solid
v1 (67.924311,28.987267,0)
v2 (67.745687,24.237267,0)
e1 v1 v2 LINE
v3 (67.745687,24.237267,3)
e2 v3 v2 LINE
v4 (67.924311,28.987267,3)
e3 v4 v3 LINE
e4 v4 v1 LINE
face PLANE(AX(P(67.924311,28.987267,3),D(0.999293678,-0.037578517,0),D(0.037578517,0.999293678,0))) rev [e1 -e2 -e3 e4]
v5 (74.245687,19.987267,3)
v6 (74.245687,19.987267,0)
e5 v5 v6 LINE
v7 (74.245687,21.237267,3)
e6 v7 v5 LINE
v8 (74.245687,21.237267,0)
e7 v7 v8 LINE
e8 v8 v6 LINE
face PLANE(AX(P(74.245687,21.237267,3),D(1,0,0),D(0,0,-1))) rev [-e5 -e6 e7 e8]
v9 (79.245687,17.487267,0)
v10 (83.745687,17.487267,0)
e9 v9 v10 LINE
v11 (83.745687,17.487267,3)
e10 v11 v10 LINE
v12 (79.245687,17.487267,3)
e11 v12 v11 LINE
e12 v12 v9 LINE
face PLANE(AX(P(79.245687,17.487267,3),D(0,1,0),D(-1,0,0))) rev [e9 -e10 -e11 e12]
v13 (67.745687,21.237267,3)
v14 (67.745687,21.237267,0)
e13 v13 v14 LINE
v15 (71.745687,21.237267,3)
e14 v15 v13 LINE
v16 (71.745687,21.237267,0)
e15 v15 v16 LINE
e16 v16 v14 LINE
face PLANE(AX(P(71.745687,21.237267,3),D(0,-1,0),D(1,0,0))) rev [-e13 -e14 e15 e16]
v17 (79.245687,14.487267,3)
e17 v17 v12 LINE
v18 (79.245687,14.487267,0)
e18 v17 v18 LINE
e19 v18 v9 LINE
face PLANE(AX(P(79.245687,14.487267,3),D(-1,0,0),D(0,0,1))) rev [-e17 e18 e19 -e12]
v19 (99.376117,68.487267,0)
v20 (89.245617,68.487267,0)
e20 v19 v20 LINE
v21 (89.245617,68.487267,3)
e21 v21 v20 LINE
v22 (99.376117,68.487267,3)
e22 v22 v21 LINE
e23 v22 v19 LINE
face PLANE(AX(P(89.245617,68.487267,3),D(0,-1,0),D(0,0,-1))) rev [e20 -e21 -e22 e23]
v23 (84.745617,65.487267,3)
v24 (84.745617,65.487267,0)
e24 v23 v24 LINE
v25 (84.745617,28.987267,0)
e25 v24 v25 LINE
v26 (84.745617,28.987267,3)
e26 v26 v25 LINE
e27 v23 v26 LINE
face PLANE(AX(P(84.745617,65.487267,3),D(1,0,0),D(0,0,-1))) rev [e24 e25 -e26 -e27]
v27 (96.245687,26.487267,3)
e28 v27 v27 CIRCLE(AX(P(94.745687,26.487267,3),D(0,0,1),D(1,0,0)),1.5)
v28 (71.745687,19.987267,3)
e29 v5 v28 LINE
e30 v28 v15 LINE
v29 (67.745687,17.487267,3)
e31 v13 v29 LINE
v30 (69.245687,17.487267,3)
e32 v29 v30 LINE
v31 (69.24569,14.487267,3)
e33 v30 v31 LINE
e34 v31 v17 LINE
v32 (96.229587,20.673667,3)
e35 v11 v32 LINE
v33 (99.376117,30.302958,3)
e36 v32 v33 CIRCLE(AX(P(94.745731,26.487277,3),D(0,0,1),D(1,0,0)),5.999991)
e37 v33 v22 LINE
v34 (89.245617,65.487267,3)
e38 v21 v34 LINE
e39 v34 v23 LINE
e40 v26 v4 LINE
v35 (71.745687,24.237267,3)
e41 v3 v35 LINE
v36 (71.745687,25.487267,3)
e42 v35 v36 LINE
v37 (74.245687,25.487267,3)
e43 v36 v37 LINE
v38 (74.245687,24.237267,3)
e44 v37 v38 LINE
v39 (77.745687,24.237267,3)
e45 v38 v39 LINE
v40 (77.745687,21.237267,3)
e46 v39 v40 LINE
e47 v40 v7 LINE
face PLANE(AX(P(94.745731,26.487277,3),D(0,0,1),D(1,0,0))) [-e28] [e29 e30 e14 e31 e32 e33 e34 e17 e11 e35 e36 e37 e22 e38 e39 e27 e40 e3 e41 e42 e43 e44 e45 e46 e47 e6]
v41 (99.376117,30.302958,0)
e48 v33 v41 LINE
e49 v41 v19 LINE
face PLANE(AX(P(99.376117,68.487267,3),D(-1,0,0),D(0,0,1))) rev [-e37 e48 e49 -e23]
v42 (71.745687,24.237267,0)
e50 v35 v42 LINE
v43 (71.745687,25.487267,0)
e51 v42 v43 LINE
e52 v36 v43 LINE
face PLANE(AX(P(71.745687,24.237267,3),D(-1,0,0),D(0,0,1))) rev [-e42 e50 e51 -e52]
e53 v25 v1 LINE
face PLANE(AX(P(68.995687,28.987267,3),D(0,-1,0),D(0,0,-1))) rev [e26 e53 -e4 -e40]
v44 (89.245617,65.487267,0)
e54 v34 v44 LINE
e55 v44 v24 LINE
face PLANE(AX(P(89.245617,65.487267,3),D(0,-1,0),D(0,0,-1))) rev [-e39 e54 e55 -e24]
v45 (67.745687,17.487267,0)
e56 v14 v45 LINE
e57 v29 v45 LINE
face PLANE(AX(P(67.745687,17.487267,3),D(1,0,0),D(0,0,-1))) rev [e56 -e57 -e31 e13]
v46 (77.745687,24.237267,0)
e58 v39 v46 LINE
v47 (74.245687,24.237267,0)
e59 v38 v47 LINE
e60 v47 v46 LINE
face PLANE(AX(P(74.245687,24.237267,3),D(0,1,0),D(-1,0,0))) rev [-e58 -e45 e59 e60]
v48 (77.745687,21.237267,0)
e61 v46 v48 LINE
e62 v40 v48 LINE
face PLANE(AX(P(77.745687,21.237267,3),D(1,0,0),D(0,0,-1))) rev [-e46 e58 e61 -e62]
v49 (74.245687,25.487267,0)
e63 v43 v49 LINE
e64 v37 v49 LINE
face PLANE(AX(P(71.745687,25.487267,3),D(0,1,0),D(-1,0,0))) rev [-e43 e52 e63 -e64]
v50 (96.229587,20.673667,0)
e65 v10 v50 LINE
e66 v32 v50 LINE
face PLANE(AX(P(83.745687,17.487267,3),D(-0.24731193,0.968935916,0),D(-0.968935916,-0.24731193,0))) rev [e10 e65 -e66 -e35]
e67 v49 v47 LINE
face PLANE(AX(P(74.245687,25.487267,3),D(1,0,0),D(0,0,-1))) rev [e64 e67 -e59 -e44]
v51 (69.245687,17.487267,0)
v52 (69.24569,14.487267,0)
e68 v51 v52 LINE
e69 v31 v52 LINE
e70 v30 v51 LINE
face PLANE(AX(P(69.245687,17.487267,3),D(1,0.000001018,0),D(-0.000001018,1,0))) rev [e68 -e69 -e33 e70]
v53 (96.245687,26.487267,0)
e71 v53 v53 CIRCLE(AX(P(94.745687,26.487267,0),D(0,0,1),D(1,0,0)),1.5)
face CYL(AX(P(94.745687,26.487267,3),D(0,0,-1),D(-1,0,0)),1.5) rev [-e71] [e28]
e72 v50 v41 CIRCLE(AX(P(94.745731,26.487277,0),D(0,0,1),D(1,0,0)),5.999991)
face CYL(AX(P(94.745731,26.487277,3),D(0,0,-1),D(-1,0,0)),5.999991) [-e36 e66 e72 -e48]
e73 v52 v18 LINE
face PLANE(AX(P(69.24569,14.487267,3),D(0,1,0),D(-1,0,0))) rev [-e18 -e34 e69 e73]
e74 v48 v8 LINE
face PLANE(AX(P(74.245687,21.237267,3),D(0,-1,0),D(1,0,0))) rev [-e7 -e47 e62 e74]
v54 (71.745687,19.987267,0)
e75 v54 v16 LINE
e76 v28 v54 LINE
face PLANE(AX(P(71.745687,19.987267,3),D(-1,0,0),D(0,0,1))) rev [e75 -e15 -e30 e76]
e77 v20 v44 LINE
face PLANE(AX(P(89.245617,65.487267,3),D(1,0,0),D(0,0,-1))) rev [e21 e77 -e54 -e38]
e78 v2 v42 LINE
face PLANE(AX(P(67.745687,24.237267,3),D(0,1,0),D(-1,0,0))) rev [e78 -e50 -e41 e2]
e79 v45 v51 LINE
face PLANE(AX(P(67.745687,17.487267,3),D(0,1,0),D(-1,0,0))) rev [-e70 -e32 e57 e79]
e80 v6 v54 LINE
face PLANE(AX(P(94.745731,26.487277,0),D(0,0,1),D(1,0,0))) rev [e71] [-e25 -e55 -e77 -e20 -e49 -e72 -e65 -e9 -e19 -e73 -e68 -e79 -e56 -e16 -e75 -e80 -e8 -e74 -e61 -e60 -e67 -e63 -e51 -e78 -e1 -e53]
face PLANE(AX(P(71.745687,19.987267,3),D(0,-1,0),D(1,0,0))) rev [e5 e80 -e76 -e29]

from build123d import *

# Parameters (mm, degrees)
MODEL_R             = 1.500000002
BOSS_EXTRUDE1_DEPTH = 3


with BuildPart() as part:
    # Model → Boss-Extrude1 (new body)
    with BuildSketch(Plane.XY):
        with BuildLine():
            Line((67.745687083, 17.48726701), (67.745687083, 21.23726701))
            Line((67.745687083, 21.23726701), (71.745687083, 21.23726701))
            Line((71.745687083, 21.23726701), (71.745687083, 19.98726701))
            Line((71.745687083, 19.98726701), (74.245687083, 19.98726701))
            Line((74.245687083, 19.98726701), (74.245687083, 21.23726701))
            Line((74.245687083, 21.23726701), (77.745687083, 21.23726701))
            Line((77.745687083, 21.23726701), (77.745687083, 24.23726701))
            Line((77.745687083, 24.23726701), (74.245687083, 24.23726701))
            Line((74.245687083, 24.23726701), (74.245687083, 25.48726701))
            Line((74.245687083, 25.48726701), (71.745687083, 25.48726701))
            Line((71.745687083, 25.48726701), (71.745687083, 24.23726701))
            Line((71.745687083, 24.23726701), (67.745687083, 24.23726701))
            Line((67.745687083, 24.23726701), (67.924311205, 28.98726701))
            Line((67.924311205, 28.98726701), (68.995687083, 28.98726701))
            Line((68.995687083, 28.98726701), (84.745617476, 28.98726701))
            Line((84.745617476, 28.98726701), (84.745617476, 65.48726701))
            Line((84.745617476, 65.48726701), (89.245617476, 65.48726701))
            Line((89.245617476, 65.48726701), (89.245617476, 68.48726701))
            Line((89.245617476, 68.48726701), (99.376117267, 68.48726701))
            Line((99.376117267, 68.48726701), (99.376117267, 65.487488154))
            Line((99.376117267, 65.487488154), (99.376117267, 30.302957894))
            ThreePointArc((99.376117267, 30.302957894), (100.4489582, 24.623653509), (96.229587083, 20.67366701))
            Line((96.229587083, 20.67366701), (83.745687083, 17.48726701))
            Line((83.745687083, 17.48726701), (79.245687083, 17.48726701))
            Line((79.245687083, 17.48726701), (79.245687083, 14.48726701))
            Line((79.245687083, 14.48726701), (69.245690135, 14.48726701))
            Line((69.245690135, 14.48726701), (69.245687083, 17.48726701))
            Line((69.245687083, 17.48726701), (67.745687083, 17.48726701))
        make_face()
        with Locations((94.745687081, 26.487267012)):
            Circle(MODEL_R, mode=Mode.SUBTRACT)
    extrude(amount=BOSS_EXTRUDE1_DEPTH)


solid = part.part
